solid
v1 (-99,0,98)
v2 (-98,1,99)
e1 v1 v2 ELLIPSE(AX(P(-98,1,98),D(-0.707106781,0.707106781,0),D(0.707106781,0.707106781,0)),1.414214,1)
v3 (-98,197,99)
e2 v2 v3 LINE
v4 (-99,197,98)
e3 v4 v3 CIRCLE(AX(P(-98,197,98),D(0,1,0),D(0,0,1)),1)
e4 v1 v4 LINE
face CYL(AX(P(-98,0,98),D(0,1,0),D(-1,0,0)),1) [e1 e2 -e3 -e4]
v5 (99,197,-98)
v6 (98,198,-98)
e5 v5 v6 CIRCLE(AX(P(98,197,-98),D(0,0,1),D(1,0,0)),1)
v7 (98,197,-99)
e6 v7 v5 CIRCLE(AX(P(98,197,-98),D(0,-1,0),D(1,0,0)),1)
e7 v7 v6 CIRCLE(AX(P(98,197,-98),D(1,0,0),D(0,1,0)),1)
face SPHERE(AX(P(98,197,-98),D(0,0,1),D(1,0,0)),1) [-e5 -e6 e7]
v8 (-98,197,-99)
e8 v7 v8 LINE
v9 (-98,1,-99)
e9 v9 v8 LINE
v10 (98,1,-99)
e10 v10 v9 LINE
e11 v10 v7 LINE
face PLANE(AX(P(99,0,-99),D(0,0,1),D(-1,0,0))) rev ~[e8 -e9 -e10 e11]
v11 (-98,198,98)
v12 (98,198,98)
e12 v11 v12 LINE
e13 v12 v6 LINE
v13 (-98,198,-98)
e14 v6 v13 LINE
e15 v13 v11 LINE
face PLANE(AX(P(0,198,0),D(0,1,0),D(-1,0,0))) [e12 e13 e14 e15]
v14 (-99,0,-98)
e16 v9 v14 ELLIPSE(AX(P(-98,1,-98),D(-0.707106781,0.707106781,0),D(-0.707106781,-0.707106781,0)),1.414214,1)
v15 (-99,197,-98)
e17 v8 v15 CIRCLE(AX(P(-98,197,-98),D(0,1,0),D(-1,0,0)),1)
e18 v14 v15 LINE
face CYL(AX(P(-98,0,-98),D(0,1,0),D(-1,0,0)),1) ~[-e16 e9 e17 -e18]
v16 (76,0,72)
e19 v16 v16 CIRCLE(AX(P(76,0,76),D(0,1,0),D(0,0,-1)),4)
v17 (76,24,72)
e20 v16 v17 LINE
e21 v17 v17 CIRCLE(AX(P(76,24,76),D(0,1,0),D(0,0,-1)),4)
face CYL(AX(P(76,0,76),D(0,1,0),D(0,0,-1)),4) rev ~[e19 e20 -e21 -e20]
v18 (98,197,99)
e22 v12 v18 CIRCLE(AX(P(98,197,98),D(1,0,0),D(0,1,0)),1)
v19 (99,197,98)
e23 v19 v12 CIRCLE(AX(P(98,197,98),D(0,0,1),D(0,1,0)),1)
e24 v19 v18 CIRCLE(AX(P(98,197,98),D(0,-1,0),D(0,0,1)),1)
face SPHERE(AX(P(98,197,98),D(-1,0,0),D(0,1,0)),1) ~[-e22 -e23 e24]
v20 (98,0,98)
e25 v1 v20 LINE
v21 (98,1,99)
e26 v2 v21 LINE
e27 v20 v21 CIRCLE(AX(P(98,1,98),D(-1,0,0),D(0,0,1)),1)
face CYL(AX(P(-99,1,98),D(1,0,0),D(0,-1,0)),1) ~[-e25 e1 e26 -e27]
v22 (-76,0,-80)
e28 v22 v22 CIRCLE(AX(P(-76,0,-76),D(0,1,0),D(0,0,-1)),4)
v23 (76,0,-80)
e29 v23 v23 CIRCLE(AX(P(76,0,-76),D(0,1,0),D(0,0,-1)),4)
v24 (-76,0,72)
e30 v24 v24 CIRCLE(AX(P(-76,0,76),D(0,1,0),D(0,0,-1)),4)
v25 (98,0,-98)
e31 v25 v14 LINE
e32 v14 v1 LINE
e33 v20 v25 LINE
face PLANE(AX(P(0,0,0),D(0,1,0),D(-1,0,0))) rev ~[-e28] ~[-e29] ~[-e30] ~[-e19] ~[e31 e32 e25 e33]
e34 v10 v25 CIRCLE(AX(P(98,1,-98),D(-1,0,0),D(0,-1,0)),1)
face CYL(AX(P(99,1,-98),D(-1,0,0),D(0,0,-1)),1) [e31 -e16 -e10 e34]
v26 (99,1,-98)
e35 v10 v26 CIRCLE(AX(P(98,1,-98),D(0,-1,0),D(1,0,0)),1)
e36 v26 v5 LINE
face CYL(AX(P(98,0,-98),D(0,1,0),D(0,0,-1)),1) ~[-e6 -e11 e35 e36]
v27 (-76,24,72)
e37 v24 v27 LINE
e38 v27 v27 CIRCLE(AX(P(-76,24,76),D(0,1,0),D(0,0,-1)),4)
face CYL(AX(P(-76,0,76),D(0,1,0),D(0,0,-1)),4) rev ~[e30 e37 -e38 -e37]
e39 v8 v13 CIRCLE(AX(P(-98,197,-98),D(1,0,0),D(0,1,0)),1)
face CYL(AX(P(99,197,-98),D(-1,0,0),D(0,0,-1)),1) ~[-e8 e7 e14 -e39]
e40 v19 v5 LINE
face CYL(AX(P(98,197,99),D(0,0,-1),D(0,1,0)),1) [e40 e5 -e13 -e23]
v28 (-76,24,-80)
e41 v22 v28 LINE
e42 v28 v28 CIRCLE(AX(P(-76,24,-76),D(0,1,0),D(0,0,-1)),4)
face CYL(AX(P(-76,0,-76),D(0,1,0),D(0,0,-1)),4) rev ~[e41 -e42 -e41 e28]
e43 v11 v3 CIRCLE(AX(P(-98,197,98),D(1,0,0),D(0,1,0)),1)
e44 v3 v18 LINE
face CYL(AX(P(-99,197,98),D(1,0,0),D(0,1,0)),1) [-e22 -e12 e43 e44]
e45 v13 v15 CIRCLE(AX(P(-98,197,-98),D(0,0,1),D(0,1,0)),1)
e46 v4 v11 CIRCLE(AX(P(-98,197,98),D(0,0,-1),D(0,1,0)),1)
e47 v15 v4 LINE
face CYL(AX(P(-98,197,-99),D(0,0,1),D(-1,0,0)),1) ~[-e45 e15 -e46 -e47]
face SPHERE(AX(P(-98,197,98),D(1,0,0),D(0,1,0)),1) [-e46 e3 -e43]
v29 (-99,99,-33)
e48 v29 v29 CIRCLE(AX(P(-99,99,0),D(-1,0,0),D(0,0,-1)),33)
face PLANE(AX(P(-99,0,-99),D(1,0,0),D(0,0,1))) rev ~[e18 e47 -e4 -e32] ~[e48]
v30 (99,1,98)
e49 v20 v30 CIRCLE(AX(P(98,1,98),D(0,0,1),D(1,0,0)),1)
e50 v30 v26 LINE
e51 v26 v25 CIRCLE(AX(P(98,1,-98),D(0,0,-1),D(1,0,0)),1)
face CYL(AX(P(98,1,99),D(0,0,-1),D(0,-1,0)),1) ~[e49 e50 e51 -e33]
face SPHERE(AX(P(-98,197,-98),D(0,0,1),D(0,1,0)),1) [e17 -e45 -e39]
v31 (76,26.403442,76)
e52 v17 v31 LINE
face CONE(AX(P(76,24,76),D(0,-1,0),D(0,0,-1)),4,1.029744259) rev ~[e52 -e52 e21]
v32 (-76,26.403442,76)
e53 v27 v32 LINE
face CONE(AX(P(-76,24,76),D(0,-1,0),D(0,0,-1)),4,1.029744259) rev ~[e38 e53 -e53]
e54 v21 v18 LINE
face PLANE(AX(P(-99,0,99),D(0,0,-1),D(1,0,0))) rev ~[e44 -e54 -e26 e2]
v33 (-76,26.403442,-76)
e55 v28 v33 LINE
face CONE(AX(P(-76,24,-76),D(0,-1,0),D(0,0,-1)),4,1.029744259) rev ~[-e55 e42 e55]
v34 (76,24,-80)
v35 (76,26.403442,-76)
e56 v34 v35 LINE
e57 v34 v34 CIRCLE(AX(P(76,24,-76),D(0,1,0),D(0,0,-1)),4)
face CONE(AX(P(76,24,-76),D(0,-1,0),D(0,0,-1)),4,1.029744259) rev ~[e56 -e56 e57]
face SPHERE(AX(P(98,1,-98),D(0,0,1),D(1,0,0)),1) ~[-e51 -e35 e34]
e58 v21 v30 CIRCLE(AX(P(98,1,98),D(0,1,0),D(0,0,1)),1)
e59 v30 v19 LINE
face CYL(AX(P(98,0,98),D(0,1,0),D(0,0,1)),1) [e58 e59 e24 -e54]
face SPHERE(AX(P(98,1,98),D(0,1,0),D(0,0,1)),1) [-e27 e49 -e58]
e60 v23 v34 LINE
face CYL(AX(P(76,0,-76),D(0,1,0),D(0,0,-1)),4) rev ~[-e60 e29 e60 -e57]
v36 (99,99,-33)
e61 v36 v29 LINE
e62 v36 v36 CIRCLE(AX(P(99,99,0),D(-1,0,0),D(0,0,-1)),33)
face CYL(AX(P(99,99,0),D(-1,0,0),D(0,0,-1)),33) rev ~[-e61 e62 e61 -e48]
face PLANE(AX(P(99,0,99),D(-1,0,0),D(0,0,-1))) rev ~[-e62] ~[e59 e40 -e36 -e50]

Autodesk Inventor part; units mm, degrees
ref_plane "YZ Plane" through (0, 0, 0) normal (1, 0, 0) x (0, 1, 0)
ref_plane "XZ Plane" through (0, 0, 0) normal (0, 1, 0) x (-1, 0, 0)
ref_plane "XY Plane" through (0, 0, 0) normal (0, 0, 1) x (1, 0, 0)
sketch "Sketch1" plane through (0, 0, 0) normal (0, 1, 0) x (-1, 0, 0)
  line L0 (99, 99) -> (-99, 99)
  line L1 (-99, 99) -> (-99, -99)
  line L2 (-99, -99) -> (99, -99)
  line L3 (99, -99) -> (99, 99)
  line L4 (99, 99) -> (-99, -99) construction
  line L5 (-99, 99) -> (99, -99) construction
  point P0 (0, 0)
  dimension "d0" = 198
  dimension "d1" = 198
extrude "Box" add sketch "Sketch1" along normal blind 198
sketch "Sketch2" plane through (99, 0, 99) normal (1, 0, 0) x (0, 0, -1)
  point P0 (99, 0)
  point P1 (99, 99)
hole "DecAxisHole" at (99, 99, 0) direction (-1, 0, 0) diameter 66 depth 198
sketch "Sketch3" plane through (0, 0, 0) normal (0, -1, 0) x (1, 0, 0)
  point P0 (0, 0)
  point P1 (-76, -76)
  point P2 (76, -76)
  point P3 (76, 76)
  point P4 (-76, 76)
hole "BoltHoles" at (-76, 0, -76) at (76, 0, -76) at (76, 0, 76) at (-76, 0, 76) direction (0, 1, 0) diameter 8 depth 24 tip angle 118
fillet "Fillet1" radius 1 11 edges at (0, 198, 99) (-99, 198, 0) (99, 198, 0) (99, 99, 99) (-99, 99, 99) (0, 0, 99) (99, 0, 0) (99, 99, -99) (0, 0, -99) (0, 198, -99) (-99, 99, -99)
properties part number "RaDecConnector"
